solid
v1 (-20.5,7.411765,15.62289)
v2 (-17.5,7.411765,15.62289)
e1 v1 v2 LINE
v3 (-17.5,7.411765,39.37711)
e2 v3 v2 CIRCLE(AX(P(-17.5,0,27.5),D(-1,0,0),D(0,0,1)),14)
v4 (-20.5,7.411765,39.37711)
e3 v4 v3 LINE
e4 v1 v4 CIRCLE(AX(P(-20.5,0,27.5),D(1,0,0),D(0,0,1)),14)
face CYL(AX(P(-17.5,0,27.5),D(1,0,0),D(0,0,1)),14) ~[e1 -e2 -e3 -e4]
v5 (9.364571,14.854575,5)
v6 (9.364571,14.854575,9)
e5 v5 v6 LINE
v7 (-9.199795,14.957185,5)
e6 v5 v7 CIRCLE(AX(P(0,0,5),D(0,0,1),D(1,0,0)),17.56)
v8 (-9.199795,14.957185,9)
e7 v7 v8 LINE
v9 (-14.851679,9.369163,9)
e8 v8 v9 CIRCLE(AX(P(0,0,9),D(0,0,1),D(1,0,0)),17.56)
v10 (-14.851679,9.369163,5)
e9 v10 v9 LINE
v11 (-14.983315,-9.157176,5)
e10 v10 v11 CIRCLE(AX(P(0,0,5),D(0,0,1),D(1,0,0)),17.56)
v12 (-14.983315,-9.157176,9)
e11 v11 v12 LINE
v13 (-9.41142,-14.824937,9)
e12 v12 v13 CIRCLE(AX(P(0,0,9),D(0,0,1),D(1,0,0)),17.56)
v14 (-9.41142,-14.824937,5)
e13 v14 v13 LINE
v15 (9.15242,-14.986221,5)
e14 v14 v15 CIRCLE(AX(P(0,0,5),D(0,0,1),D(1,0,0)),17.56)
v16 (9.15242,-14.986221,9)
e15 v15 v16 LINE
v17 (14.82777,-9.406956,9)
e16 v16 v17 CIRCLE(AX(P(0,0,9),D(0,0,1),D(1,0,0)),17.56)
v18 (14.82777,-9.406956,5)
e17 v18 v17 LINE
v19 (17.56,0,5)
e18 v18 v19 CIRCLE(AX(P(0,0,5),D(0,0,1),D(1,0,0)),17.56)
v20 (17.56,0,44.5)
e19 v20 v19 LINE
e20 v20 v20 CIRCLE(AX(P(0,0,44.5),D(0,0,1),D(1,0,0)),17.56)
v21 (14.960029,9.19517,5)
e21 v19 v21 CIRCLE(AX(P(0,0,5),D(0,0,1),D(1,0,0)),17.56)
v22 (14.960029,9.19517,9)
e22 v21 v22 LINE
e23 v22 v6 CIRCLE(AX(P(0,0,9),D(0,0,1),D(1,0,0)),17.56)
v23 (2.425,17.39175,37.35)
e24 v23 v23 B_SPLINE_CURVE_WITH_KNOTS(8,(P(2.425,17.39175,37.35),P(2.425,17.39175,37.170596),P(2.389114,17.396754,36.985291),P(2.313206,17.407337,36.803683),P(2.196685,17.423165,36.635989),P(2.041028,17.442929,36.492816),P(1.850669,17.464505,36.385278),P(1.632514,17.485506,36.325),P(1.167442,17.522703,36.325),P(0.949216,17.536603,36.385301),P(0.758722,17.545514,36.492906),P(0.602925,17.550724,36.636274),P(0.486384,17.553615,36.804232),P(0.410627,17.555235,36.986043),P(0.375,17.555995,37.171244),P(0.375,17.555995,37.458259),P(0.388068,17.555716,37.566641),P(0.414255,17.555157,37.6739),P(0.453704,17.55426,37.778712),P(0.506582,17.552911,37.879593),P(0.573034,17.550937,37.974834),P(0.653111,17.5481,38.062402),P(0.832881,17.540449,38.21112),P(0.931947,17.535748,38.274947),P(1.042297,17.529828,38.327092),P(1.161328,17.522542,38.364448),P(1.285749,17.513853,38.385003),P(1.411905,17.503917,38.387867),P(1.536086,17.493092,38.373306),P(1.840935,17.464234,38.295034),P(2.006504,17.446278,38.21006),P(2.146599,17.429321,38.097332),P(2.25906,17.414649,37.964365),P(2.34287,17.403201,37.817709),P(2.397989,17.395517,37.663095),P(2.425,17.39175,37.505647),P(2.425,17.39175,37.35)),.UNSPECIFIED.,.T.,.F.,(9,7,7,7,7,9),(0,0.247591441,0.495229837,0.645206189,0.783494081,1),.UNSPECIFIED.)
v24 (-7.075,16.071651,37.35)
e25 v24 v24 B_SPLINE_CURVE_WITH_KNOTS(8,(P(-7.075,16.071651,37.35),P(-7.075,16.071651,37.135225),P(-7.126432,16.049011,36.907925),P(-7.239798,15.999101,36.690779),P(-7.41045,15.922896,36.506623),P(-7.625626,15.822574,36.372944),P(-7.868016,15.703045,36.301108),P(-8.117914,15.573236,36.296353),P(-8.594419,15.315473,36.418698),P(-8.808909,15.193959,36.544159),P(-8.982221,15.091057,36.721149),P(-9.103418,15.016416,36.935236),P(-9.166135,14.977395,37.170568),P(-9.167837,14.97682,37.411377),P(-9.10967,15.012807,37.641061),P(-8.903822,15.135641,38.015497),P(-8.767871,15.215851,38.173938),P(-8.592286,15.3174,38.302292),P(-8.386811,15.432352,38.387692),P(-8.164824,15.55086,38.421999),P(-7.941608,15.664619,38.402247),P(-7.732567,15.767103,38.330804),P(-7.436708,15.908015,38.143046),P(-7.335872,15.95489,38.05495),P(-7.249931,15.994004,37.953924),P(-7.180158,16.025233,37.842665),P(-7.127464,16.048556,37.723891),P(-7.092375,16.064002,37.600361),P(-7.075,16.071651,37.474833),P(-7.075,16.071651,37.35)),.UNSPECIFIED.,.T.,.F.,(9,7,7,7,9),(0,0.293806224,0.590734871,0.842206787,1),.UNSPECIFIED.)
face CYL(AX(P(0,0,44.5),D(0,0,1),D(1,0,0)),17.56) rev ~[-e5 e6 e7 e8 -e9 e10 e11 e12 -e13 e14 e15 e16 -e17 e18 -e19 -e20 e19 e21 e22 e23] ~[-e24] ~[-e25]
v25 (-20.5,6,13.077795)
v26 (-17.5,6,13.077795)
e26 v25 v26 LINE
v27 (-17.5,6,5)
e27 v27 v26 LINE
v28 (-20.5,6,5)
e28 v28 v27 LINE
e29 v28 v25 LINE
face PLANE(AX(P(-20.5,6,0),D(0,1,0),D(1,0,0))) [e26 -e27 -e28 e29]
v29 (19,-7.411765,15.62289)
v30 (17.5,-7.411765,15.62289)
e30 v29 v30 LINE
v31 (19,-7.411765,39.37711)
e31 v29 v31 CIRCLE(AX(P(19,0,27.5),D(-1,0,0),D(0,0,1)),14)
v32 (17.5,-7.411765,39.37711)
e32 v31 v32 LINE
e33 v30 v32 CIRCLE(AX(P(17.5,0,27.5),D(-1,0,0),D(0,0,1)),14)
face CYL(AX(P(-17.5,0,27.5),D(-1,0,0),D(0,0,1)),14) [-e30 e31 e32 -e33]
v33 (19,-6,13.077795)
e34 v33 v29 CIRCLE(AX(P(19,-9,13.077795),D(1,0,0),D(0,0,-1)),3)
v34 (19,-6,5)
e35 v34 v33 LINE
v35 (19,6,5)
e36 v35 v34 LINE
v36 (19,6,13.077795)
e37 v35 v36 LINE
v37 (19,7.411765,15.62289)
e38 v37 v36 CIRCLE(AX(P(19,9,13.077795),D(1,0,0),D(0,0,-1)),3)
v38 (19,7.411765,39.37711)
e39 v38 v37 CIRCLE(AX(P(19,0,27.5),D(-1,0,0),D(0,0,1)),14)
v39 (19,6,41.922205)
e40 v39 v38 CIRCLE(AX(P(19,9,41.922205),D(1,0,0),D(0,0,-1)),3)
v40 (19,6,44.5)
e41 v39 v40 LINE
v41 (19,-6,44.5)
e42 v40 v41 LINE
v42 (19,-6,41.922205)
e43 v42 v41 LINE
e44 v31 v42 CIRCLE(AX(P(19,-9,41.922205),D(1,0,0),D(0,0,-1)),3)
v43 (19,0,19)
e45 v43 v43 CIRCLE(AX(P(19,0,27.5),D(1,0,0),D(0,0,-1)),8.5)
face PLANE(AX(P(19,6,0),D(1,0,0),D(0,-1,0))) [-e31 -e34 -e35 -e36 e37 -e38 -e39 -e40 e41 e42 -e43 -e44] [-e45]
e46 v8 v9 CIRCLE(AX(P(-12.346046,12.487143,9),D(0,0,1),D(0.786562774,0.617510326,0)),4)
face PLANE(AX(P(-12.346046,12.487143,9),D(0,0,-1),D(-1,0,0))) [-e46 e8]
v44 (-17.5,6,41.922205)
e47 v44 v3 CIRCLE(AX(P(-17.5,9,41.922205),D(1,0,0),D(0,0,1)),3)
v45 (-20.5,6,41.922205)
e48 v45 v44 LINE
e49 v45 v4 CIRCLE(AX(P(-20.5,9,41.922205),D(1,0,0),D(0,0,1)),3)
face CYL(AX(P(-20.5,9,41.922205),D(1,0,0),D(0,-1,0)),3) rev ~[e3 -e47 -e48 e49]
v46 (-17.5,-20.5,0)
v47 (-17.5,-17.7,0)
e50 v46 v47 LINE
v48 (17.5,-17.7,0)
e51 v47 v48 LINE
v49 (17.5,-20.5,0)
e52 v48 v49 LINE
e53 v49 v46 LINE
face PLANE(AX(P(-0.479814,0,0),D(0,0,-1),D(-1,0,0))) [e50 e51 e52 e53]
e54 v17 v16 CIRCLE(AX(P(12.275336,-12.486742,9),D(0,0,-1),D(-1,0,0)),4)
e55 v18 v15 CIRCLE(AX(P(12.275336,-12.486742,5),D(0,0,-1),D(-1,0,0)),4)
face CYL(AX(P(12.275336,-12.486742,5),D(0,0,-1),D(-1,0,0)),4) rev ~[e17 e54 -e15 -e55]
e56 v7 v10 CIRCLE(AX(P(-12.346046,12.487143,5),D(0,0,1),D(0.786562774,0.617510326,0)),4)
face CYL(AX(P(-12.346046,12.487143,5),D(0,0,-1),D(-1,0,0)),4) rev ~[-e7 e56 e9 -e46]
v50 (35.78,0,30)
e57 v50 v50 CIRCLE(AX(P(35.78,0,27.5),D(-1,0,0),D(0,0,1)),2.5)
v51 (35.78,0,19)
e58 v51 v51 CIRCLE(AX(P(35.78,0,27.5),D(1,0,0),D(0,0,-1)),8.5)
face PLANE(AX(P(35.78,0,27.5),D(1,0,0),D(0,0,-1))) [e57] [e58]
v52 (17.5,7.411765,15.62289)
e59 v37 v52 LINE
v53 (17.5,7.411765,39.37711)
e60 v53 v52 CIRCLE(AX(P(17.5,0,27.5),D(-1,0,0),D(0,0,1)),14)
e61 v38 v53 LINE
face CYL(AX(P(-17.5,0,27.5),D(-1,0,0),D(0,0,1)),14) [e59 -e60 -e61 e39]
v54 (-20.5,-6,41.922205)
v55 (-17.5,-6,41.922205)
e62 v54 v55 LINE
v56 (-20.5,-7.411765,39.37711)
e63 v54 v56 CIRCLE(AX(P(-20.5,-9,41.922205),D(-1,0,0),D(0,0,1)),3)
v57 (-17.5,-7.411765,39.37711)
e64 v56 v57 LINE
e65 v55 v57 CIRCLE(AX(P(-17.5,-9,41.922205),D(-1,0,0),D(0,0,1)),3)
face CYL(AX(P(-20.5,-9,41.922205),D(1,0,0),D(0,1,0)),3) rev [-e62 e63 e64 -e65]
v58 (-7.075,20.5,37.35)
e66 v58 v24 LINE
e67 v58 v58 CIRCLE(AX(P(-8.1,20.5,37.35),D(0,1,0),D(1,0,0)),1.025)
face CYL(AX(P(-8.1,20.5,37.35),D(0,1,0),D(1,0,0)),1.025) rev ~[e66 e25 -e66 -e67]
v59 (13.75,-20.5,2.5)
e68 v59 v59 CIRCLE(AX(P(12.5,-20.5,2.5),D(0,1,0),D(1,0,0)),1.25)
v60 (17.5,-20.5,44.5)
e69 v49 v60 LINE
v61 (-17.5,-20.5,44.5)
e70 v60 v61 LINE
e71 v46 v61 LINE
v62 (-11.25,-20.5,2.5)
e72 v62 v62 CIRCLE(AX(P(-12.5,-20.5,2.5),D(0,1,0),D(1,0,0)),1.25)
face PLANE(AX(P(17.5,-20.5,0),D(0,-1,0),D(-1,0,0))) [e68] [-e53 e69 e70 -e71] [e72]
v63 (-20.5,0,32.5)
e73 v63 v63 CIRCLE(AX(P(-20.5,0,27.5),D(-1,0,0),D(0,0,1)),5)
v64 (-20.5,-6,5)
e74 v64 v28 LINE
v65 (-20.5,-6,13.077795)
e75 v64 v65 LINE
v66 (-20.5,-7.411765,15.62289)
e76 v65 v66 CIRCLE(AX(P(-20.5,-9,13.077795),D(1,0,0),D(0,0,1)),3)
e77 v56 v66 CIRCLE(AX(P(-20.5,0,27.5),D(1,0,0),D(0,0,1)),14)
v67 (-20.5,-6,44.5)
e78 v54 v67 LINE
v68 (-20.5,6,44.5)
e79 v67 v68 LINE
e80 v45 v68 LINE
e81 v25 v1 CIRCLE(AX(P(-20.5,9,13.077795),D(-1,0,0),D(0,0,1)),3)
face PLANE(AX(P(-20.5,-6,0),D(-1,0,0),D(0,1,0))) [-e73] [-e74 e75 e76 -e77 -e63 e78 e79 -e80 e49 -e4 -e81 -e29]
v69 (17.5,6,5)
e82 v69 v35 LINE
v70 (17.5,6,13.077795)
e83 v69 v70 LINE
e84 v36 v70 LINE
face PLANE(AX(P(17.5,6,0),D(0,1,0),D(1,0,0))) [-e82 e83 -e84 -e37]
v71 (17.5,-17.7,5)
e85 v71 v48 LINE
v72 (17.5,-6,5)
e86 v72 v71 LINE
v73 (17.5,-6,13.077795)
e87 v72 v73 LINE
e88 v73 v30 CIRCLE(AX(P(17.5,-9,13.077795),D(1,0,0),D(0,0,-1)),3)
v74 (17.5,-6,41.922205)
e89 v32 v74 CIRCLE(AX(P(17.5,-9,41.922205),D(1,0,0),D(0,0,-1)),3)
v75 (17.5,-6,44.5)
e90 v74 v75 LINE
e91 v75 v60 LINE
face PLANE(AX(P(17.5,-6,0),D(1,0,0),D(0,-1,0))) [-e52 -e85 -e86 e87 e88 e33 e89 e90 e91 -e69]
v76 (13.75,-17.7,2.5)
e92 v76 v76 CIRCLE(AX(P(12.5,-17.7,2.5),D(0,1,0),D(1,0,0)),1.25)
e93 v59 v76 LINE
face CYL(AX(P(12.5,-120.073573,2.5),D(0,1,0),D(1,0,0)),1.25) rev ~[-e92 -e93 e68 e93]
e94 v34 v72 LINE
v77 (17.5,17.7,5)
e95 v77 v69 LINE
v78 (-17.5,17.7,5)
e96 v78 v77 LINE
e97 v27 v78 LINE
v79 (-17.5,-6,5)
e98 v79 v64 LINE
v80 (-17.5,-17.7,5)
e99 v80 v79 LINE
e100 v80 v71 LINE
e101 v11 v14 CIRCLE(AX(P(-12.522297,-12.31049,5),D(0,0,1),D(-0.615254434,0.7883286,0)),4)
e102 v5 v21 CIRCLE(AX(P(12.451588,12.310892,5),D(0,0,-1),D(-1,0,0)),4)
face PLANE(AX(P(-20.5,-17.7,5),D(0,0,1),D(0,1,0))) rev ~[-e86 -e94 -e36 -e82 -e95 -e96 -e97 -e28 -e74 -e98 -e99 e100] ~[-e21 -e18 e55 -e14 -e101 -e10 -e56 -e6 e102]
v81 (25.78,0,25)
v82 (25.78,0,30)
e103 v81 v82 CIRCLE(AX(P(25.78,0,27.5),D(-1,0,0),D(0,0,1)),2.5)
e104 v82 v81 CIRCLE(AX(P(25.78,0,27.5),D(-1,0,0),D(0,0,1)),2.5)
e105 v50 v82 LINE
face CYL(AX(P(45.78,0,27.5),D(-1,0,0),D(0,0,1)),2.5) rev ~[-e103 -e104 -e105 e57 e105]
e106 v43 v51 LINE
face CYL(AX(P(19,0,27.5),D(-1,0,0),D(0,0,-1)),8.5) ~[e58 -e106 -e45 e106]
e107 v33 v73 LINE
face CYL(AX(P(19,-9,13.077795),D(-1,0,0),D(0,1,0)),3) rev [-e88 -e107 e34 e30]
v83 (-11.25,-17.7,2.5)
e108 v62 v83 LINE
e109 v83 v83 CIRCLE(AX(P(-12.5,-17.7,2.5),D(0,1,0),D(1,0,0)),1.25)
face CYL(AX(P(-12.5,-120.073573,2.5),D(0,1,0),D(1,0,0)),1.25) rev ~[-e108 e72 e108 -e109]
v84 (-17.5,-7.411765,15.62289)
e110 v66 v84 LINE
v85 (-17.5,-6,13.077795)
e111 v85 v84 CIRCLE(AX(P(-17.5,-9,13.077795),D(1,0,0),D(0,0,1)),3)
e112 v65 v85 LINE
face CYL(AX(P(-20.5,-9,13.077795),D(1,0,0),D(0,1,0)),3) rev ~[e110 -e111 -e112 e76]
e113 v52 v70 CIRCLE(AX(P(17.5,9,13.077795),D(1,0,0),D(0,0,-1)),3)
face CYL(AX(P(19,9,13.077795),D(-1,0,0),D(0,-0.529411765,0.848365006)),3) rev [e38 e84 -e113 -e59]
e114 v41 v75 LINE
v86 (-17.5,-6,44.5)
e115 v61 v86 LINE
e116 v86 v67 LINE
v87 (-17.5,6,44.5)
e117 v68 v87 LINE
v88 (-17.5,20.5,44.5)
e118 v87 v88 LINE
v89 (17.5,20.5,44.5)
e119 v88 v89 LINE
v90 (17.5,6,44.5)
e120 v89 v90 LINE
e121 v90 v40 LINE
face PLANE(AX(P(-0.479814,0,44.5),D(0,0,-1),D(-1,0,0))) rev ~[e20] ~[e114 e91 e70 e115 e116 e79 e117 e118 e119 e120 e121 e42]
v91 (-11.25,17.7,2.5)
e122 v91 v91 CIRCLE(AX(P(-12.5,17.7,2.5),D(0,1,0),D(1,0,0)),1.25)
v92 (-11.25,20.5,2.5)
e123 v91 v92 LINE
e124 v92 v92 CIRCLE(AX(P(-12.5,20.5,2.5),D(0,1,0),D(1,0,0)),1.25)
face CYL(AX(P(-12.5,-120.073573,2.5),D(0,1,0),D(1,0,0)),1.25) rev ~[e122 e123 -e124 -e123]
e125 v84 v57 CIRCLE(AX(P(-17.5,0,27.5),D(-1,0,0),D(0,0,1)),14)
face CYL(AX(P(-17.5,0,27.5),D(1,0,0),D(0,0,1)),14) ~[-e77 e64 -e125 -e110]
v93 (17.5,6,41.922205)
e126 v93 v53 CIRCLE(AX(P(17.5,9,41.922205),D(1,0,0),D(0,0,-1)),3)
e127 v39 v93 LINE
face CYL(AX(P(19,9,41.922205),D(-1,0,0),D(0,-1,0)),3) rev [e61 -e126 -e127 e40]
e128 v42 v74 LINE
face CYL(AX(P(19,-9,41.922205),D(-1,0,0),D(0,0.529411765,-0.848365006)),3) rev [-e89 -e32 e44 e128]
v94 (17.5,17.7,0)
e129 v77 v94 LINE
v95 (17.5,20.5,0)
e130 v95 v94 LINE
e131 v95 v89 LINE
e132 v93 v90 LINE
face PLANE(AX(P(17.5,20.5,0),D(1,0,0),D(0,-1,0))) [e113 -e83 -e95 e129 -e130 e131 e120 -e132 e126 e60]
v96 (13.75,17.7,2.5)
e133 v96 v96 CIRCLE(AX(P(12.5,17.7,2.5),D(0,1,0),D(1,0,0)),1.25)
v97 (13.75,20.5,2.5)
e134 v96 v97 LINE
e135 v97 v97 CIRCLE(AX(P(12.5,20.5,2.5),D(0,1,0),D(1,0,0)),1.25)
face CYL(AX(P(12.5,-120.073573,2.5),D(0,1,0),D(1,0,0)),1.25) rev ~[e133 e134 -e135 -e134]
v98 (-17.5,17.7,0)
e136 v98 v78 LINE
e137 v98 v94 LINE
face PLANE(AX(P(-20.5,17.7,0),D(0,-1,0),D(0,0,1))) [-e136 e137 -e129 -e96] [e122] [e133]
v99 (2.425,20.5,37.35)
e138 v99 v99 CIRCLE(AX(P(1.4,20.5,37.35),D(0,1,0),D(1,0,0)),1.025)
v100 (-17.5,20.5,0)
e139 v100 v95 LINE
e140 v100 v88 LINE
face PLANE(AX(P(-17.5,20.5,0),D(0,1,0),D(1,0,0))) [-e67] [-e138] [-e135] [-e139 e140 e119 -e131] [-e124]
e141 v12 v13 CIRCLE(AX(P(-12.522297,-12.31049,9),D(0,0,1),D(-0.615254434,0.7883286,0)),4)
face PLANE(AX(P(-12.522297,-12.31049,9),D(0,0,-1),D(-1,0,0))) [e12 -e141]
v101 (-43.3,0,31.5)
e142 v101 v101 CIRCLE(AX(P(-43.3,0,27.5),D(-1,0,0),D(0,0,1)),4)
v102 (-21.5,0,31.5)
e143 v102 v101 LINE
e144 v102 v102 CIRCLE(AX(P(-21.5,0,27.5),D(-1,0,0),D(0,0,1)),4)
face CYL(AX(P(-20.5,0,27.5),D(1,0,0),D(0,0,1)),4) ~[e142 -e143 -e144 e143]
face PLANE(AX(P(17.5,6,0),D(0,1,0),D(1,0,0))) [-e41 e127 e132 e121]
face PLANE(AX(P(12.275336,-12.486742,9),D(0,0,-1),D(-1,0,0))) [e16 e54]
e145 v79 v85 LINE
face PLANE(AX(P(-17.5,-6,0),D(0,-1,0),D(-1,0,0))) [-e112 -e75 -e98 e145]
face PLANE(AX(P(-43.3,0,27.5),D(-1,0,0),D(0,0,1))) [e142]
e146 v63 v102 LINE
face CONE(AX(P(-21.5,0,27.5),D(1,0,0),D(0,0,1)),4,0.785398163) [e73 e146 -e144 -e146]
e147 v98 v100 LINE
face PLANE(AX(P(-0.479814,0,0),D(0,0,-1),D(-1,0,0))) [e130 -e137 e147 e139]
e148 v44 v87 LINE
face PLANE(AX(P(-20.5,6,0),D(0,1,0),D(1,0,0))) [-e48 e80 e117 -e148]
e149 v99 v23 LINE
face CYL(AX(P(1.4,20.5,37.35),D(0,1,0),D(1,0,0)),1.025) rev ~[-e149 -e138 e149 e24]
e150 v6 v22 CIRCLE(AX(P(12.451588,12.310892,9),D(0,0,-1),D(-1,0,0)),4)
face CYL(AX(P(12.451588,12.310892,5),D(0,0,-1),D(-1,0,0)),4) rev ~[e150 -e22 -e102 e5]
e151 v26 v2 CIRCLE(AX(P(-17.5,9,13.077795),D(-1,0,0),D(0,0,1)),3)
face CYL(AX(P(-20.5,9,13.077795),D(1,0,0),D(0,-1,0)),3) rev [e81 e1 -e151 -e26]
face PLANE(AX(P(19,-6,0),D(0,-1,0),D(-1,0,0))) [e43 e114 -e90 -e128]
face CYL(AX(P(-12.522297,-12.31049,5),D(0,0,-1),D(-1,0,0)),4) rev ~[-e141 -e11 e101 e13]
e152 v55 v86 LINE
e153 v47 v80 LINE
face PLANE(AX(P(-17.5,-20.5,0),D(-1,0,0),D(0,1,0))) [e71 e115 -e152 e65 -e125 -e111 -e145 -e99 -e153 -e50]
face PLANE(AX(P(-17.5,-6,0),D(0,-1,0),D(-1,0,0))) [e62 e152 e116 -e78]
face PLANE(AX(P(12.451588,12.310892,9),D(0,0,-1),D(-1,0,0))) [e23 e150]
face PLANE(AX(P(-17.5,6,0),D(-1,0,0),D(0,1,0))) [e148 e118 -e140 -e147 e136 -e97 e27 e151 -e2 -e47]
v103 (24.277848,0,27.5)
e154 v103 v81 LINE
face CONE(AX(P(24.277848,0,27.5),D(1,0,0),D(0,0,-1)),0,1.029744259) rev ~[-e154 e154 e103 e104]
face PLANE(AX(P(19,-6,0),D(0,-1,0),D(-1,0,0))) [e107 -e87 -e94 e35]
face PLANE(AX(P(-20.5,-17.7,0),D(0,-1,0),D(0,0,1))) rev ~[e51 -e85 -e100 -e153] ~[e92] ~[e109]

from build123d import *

# Parameters (mm, degrees)
BOSS_EXTRUDE1_DEPTH             = 44.5
BOSS_EXTRUDE2_REACH             = 63.096
SKETCH3_R                       = 14
BOSS_EXTRUDE2_DIRECTION_2_REACH = 63.096
SKETCH5_R                       = 17.56
CUT_EXTRUDE2_DEPTH              = 54.110733378
SKETCH6_W                       = 5
SKETCH6_H                       = 35.4
CUT_EXTRUDE3_DEPTH              = 63.934489749
FILLET1_R                       = 3
SKETCH7_R                       = 8.5
BOSS_EXTRUDE4_DEPTH             = 16.78
SKETCH8_R                       = 4
BOSS_EXTRUDE5_DEPTH             = 22.8
CHAMFER1_SIZE                   = 1
M3X0_5_TAPPED_HOLE1_D           = 2.5
M2_5X0_45_TAPPED_HOLE1_REACH    = 76.405
M2_5X0_45_TAPPED_HOLE1_BORE_R   = 1.025
M6X1_0_TAPPED_HOLE1_D           = 5
M6X1_0_TAPPED_HOLE1_DEPTH       = 10
M6X1_0_TAPPED_HOLE1_TIP         = 1.502151548
SKETCH16_R                      = 4
CUT_EXTRUDE4_DEPTH              = 4


with BuildPart() as part:
    # Sketch1 → Boss-Extrude1 (new body)
    with BuildSketch(Plane.XY):
        Polygon((-17.5, 20.5), (17.5, 20.5), (17.5, 6), (19, 6), (19, -6), (17.5, -6), (17.5, -20.5), (-17.5, -20.5), (-17.5, -6), (-20.5, -6), (-20.5, 6), (-17.5, 6), align=None)
    extrude(amount=BOSS_EXTRUDE1_DEPTH)

    # Boss-Extrude2: up to this face of the body (flat: up to its plane)
    boss_extrude2_end = Plane(part.part.faces().sort_by_distance((-20.5, 0, 22.25))[0])
    # Sketch3 → Boss-Extrude2 (add, up to the picked face)
    with BuildSketch(Plane.ZY.offset(17.5), mode=Mode.PRIVATE) as boss_extrude2_sk1:
        with Locations((27.5, 0)):
            Circle(SKETCH3_R)
    boss_extrude2_tool1 = split(extrude(boss_extrude2_sk1.sketch, amount=BOSS_EXTRUDE2_REACH, mode=Mode.PRIVATE), bisect_by=boss_extrude2_end, keep=Keep.BOTH, mode=Mode.PRIVATE)
    add(boss_extrude2_tool1.solids().sort_by(Axis((-17.5, 0, 27.5), (-1, 0, 0)))[0])

    # Boss-Extrude2 direction 2: up to this face of the body (flat: up to its plane)
    boss_extrude2_direction_2_end = Plane(part.part.faces().sort_by_distance((19, 0, 22.25))[0])
    # Sketch3 → Boss-Extrude2 direction 2 (add, up to the picked face)
    with BuildSketch(Plane.ZY.offset(17.5), mode=Mode.PRIVATE) as boss_extrude2_direction_2_sk1:
        with Locations((27.5, 0)):
            Circle(SKETCH3_R)
    boss_extrude2_direction_2_tool1 = split(extrude(boss_extrude2_direction_2_sk1.sketch, amount=-BOSS_EXTRUDE2_DIRECTION_2_REACH, mode=Mode.PRIVATE), bisect_by=boss_extrude2_direction_2_end, keep=Keep.BOTH, mode=Mode.PRIVATE)
    add(boss_extrude2_direction_2_tool1.solids().sort_by(Axis((-17.5, 0, 27.5), (1, 0, 0)))[0])

    # Sketch5 → Cut-Extrude2 (cut, through all)
    with BuildSketch(Plane.XY.offset(44.5)):
        Circle(SKETCH5_R)
    extrude(amount=-CUT_EXTRUDE2_DEPTH, mode=Mode.SUBTRACT)

    # Sketch6 → Cut-Extrude3 (cut, through all)
    with BuildSketch(Plane.ZY.offset(20.5)):
        with Locations((2.5, 0)):
            Rectangle(SKETCH6_W, SKETCH6_H)
    extrude(amount=-CUT_EXTRUDE3_DEPTH, mode=Mode.SUBTRACT)

    # Fillet1
    fillet1_edges = [part.edges().sort_by_distance(p)[0] for p in [
        (18.25, -6, 40.149110641),
        (18.25, -6, 14.850889359),
        (18.25, 6, 14.850889359),
        (18.25, 6, 40.149110641),
        (-19, 6, 14.850889359),
        (-19, 6, 40.149110641),
        (-19, -6, 40.149110641),
        (-19, -6, 14.850889359),
    ]]
    fillet(fillet1_edges, radius=FILLET1_R)

    # Sketch7 → Boss-Extrude4 (add)
    with BuildSketch(Plane(origin=(19, 0, 0), x_dir=(0, 0, -1), z_dir=(1, 0, 0))):
        with Locations((-27.5, 0)):
            Circle(SKETCH7_R)
    extrude(amount=BOSS_EXTRUDE4_DEPTH)

    # Sketch8 → Boss-Extrude5 (add)
    with BuildSketch(Plane.ZY.offset(20.5)):
        with Locations((27.5, 0)):
            Circle(SKETCH8_R)
    extrude(amount=BOSS_EXTRUDE5_DEPTH)

    # Chamfer1
    chamfer1_edges = [part.edges().sort_by_distance(p)[0] for p in [
        (-20.5, 0, 23.5),
    ]]
    chamfer(chamfer1_edges, length=CHAMFER1_SIZE)

    # M3x0.5 Tapped Hole1 (through all)
    with Locations(Plane(origin=(0, -20.5, 0), x_dir=(-1, 0, 0), z_dir=(0, -1, 0))):
        with Locations((-12.5, -2.5), (12.5, -2.5)):
            Hole(M3X0_5_TAPPED_HOLE1_D / 2)

    # M2.5x0.45 Tapped Hole1 bore → M2.5x0.45 Tapped Hole1 (cut, up to next)
    with BuildSketch(Plane(origin=(0, 20.5, 0), x_dir=(1, 0, 0), z_dir=(0, 1, 0)), mode=Mode.PRIVATE) as m2_5x0_45_tapped_hole1_sk1:
        with Locations((-8.1, -37.35)):
            Circle(M2_5X0_45_TAPPED_HOLE1_BORE_R)
    m2_5x0_45_tapped_hole1_tool1 = extrude(m2_5x0_45_tapped_hole1_sk1.sketch, amount=-M2_5X0_45_TAPPED_HOLE1_REACH, mode=Mode.PRIVATE) & part.part
    # M2.5x0.45 Tapped Hole1 bore → M2.5x0.45 Tapped Hole1 (cut, up to next)
    with BuildSketch(Plane(origin=(0, 20.5, 0), x_dir=(1, 0, 0), z_dir=(0, 1, 0)), mode=Mode.PRIVATE) as m2_5x0_45_tapped_hole1_sk2:
        with Locations((1.4, -37.35)):
            Circle(M2_5X0_45_TAPPED_HOLE1_BORE_R)
    m2_5x0_45_tapped_hole1_tool2 = extrude(m2_5x0_45_tapped_hole1_sk2.sketch, amount=-M2_5X0_45_TAPPED_HOLE1_REACH, mode=Mode.PRIVATE) & part.part
    add(m2_5x0_45_tapped_hole1_tool1.solids().sort_by_distance((-8.1, 20.5, 37.35))[0], mode=Mode.SUBTRACT)
    add(m2_5x0_45_tapped_hole1_tool2.solids().sort_by_distance((1.4, 20.5, 37.35))[0], mode=Mode.SUBTRACT)

    # M6x1.0 Tapped Hole1
    with Locations(Plane(origin=(35.78, 0, 0), x_dir=(0, 0, -1), z_dir=(1, 0, 0))):
        with Locations((-27.5, 0)):
            Hole(M6X1_0_TAPPED_HOLE1_D / 2, depth=M6X1_0_TAPPED_HOLE1_DEPTH)
            with Locations((0, 0, -(M6X1_0_TAPPED_HOLE1_DEPTH + M6X1_0_TAPPED_HOLE1_TIP / 2))):  # 118° drill point
                Cone(0, M6X1_0_TAPPED_HOLE1_D / 2, M6X1_0_TAPPED_HOLE1_TIP, mode=Mode.SUBTRACT)

    # Sketch16 → Cut-Extrude4 (cut)
    with BuildSketch(Plane(origin=(0, 0, 5), x_dir=(-1, 0, 0), z_dir=(0, 0, -1))):
        with Locations((12.346045823, 12.48714349)):
            Circle(SKETCH16_R)
        with Locations((12.522297379, -12.310490175)):
            Circle(SKETCH16_R)
        with Locations((-12.275336286, -12.486741731)):
            Circle(SKETCH16_R)
        with Locations((-12.451587842, 12.310891934)):
            Circle(SKETCH16_R)
    extrude(amount=-CUT_EXTRUDE4_DEPTH, mode=Mode.SUBTRACT)


solid = part.part
